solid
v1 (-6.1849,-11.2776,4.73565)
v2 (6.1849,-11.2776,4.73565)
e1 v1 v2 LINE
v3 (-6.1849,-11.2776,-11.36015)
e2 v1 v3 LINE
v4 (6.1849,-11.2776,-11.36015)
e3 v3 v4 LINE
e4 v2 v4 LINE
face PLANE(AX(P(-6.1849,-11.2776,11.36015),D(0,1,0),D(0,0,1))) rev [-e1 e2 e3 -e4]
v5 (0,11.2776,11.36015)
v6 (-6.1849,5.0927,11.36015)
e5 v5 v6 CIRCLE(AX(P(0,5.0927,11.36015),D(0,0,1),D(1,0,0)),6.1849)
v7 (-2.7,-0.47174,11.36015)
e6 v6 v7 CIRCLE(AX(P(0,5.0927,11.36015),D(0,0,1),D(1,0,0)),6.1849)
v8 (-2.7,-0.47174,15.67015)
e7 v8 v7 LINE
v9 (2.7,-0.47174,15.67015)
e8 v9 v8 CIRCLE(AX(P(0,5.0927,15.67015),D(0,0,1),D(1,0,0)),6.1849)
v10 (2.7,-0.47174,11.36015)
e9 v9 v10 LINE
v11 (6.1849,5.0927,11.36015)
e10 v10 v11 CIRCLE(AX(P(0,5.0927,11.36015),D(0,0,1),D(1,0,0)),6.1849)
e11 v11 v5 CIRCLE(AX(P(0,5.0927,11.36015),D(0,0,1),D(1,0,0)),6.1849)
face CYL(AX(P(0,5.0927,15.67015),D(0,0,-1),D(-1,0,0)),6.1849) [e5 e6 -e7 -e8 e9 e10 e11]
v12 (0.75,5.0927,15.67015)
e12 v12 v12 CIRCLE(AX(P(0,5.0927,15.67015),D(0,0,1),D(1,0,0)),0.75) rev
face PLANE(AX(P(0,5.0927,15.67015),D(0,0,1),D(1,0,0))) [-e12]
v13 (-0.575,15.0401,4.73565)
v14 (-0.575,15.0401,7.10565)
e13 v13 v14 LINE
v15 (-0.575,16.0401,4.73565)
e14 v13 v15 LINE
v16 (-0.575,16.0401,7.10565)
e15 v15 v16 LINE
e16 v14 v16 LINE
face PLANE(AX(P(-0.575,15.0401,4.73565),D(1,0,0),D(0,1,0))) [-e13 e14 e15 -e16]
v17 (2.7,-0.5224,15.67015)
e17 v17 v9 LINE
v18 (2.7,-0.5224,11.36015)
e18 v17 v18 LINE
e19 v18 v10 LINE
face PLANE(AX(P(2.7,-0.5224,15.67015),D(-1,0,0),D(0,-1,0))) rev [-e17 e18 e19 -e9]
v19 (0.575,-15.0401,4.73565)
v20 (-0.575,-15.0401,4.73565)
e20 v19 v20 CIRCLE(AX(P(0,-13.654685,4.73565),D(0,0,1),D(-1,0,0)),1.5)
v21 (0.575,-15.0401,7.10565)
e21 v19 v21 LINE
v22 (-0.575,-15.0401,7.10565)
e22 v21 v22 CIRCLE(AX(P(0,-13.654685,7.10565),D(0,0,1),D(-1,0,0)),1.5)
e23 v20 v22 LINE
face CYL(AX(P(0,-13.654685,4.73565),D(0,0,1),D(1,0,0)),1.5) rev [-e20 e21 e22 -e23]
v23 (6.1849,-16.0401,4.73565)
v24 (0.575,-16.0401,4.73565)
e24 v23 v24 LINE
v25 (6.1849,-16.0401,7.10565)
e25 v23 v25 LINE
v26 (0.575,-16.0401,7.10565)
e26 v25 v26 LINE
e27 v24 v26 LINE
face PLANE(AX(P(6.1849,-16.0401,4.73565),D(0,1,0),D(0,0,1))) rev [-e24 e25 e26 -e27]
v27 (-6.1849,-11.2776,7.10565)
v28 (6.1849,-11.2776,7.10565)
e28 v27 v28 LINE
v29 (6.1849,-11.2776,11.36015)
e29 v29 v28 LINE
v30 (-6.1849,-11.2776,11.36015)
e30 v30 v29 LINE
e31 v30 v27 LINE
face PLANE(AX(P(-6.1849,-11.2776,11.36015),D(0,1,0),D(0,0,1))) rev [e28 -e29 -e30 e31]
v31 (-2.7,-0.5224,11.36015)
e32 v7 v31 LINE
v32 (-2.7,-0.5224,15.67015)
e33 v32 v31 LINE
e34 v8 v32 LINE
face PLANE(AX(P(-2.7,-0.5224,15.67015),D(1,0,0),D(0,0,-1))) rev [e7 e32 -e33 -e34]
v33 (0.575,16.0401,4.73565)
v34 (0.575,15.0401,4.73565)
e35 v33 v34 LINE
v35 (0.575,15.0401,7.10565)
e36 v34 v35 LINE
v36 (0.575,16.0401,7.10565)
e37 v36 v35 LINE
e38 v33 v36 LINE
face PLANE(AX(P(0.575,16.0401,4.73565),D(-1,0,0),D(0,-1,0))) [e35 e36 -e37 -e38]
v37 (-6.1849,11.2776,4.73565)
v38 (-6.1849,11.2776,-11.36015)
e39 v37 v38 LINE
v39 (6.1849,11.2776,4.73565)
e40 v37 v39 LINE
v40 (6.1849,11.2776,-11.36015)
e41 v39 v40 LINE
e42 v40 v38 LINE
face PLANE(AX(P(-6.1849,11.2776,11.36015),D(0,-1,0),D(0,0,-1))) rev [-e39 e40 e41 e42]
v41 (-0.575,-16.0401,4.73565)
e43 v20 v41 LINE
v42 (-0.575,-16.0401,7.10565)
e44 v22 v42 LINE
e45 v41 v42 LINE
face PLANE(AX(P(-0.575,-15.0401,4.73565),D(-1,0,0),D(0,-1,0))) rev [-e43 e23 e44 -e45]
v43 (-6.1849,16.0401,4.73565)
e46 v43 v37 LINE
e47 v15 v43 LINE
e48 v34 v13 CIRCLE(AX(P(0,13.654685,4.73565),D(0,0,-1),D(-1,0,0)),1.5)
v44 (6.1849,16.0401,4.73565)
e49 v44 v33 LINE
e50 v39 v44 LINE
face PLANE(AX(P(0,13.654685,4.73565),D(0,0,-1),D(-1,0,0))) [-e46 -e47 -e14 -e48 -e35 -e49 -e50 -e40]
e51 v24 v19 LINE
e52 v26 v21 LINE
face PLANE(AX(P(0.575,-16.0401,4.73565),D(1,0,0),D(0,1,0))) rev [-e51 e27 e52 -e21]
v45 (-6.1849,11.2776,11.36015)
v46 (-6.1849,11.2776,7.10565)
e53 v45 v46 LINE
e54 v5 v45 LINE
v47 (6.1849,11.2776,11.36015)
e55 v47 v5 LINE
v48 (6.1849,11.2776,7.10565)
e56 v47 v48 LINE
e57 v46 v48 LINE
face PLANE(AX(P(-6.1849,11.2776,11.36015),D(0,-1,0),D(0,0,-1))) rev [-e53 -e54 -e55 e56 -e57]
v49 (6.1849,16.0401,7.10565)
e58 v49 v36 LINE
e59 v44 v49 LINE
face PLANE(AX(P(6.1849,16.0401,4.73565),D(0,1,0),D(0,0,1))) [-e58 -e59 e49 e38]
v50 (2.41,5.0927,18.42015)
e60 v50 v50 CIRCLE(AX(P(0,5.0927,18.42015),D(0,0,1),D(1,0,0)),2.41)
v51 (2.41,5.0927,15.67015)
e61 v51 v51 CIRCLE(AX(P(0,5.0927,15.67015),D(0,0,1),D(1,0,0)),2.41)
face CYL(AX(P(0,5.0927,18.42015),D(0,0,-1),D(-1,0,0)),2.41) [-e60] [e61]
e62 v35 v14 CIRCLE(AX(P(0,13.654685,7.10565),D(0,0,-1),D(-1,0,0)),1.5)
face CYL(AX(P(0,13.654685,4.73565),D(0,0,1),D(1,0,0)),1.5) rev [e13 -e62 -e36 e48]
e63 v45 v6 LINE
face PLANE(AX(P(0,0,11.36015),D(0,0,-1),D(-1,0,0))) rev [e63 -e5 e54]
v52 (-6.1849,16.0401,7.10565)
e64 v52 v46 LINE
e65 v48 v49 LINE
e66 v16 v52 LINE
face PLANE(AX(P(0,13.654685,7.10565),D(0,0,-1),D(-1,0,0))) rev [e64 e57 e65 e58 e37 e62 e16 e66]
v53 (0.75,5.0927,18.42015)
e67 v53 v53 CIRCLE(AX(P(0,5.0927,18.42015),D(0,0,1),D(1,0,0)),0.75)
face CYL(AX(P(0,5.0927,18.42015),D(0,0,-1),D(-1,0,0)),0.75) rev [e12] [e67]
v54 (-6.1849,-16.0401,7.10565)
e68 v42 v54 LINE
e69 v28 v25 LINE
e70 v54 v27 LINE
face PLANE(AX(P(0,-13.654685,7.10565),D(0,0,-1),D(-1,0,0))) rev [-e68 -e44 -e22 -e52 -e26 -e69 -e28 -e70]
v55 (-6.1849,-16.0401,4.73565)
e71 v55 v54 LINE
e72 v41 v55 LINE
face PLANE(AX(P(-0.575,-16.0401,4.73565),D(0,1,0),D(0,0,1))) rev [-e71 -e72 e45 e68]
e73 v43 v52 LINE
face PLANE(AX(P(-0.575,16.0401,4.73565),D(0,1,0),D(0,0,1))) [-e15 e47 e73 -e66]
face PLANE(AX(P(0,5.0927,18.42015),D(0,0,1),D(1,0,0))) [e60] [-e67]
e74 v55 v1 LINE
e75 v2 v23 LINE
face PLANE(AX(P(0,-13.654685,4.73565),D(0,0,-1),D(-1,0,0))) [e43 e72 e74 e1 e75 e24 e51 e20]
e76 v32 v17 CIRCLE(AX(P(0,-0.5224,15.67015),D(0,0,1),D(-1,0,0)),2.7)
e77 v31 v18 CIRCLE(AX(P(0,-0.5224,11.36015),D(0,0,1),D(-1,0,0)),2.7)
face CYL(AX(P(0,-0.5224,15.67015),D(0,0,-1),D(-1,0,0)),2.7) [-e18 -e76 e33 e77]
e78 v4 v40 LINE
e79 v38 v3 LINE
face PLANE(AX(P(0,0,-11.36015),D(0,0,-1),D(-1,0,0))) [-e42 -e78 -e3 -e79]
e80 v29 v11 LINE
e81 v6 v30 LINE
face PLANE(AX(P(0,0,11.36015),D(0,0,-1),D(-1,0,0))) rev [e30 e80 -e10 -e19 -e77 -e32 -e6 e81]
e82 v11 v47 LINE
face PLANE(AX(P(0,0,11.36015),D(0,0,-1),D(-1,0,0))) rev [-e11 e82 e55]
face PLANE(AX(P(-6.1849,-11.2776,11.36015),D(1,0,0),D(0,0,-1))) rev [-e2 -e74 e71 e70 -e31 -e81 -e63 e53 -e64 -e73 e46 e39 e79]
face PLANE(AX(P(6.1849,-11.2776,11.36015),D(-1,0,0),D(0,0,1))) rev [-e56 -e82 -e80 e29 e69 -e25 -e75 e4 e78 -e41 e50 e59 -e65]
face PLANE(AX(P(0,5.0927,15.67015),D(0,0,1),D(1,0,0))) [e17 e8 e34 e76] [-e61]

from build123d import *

# Parameters (mm, degrees)
SKETCH1_W           = 12.3698
SKETCH1_H           = 22.5552
BOSS_EXTRUDE1_DEPTH = 11.36015
BOSS_EXTRUDE2_DEPTH = 2.37
BOSS_EXTRUDE3_DEPTH = 4.31
SKETCH4_R           = 2.41
SKETCH4_R_2         = 0.75
BOSS_EXTRUDE4_DEPTH = 2.75


with BuildPart() as part:
    # Sketch1 → Boss-Extrude1 (new, symmetric)
    with BuildSketch(Plane.XY):
        Rectangle(SKETCH1_W, SKETCH1_H)
    extrude(amount=BOSS_EXTRUDE1_DEPTH, both=True)

    # Sketch2 → Boss-Extrude2 (add)
    with BuildSketch(Plane.XY.offset(7.10565)):
        with BuildLine():
            Line((-0.575, 16.0401), (-6.1849, 16.0401))
            Line((-6.1849, 16.0401), (-6.1849, 11.2776))
            Line((-6.1849, 11.2776), (6.1849, 11.2776))
            Line((6.1849, 11.2776), (6.1849, 16.0401))
            Line((6.1849, 16.0401), (0.575, 16.0401))
            Line((0.575, 16.0401), (0.575, 15.0401))
            ThreePointArc((0.575, 15.0401), (0, 12.1546849), (-0.575, 15.0401))
            Line((-0.575, 15.0401), (-0.575, 16.0401))
        make_face()
    boss_extrude2 = extrude(amount=-BOSS_EXTRUDE2_DEPTH)

    # Mirror1: Boss-Extrude2 across plane
    add(boss_extrude2.mirror(Plane.ZX))

    # Sketch3 → Boss-Extrude3 (add)
    with BuildSketch(Plane.XY.offset(11.36015)):
        with BuildLine():
            Line((2.7, -0.5224), (2.7, -0.471739595))
            ThreePointArc((2.7, -0.471739595), (0, 11.2776), (-2.7, -0.471739595))
            Line((-2.7, -0.471739595), (-2.7, -0.5224))
            ThreePointArc((-2.7, -0.5224), (0, -3.2224), (2.7, -0.5224))
        make_face()
    extrude(amount=BOSS_EXTRUDE3_DEPTH)

    # Sketch4 → Boss-Extrude4 (add)
    with BuildSketch(Plane.XY.offset(15.67015)):
        with Locations((0, 5.0927)):
            Circle(SKETCH4_R)
        with Locations((0, 5.0927)):
            Circle(SKETCH4_R_2, mode=Mode.SUBTRACT)
    extrude(amount=BOSS_EXTRUDE4_DEPTH)


solid = part.part
